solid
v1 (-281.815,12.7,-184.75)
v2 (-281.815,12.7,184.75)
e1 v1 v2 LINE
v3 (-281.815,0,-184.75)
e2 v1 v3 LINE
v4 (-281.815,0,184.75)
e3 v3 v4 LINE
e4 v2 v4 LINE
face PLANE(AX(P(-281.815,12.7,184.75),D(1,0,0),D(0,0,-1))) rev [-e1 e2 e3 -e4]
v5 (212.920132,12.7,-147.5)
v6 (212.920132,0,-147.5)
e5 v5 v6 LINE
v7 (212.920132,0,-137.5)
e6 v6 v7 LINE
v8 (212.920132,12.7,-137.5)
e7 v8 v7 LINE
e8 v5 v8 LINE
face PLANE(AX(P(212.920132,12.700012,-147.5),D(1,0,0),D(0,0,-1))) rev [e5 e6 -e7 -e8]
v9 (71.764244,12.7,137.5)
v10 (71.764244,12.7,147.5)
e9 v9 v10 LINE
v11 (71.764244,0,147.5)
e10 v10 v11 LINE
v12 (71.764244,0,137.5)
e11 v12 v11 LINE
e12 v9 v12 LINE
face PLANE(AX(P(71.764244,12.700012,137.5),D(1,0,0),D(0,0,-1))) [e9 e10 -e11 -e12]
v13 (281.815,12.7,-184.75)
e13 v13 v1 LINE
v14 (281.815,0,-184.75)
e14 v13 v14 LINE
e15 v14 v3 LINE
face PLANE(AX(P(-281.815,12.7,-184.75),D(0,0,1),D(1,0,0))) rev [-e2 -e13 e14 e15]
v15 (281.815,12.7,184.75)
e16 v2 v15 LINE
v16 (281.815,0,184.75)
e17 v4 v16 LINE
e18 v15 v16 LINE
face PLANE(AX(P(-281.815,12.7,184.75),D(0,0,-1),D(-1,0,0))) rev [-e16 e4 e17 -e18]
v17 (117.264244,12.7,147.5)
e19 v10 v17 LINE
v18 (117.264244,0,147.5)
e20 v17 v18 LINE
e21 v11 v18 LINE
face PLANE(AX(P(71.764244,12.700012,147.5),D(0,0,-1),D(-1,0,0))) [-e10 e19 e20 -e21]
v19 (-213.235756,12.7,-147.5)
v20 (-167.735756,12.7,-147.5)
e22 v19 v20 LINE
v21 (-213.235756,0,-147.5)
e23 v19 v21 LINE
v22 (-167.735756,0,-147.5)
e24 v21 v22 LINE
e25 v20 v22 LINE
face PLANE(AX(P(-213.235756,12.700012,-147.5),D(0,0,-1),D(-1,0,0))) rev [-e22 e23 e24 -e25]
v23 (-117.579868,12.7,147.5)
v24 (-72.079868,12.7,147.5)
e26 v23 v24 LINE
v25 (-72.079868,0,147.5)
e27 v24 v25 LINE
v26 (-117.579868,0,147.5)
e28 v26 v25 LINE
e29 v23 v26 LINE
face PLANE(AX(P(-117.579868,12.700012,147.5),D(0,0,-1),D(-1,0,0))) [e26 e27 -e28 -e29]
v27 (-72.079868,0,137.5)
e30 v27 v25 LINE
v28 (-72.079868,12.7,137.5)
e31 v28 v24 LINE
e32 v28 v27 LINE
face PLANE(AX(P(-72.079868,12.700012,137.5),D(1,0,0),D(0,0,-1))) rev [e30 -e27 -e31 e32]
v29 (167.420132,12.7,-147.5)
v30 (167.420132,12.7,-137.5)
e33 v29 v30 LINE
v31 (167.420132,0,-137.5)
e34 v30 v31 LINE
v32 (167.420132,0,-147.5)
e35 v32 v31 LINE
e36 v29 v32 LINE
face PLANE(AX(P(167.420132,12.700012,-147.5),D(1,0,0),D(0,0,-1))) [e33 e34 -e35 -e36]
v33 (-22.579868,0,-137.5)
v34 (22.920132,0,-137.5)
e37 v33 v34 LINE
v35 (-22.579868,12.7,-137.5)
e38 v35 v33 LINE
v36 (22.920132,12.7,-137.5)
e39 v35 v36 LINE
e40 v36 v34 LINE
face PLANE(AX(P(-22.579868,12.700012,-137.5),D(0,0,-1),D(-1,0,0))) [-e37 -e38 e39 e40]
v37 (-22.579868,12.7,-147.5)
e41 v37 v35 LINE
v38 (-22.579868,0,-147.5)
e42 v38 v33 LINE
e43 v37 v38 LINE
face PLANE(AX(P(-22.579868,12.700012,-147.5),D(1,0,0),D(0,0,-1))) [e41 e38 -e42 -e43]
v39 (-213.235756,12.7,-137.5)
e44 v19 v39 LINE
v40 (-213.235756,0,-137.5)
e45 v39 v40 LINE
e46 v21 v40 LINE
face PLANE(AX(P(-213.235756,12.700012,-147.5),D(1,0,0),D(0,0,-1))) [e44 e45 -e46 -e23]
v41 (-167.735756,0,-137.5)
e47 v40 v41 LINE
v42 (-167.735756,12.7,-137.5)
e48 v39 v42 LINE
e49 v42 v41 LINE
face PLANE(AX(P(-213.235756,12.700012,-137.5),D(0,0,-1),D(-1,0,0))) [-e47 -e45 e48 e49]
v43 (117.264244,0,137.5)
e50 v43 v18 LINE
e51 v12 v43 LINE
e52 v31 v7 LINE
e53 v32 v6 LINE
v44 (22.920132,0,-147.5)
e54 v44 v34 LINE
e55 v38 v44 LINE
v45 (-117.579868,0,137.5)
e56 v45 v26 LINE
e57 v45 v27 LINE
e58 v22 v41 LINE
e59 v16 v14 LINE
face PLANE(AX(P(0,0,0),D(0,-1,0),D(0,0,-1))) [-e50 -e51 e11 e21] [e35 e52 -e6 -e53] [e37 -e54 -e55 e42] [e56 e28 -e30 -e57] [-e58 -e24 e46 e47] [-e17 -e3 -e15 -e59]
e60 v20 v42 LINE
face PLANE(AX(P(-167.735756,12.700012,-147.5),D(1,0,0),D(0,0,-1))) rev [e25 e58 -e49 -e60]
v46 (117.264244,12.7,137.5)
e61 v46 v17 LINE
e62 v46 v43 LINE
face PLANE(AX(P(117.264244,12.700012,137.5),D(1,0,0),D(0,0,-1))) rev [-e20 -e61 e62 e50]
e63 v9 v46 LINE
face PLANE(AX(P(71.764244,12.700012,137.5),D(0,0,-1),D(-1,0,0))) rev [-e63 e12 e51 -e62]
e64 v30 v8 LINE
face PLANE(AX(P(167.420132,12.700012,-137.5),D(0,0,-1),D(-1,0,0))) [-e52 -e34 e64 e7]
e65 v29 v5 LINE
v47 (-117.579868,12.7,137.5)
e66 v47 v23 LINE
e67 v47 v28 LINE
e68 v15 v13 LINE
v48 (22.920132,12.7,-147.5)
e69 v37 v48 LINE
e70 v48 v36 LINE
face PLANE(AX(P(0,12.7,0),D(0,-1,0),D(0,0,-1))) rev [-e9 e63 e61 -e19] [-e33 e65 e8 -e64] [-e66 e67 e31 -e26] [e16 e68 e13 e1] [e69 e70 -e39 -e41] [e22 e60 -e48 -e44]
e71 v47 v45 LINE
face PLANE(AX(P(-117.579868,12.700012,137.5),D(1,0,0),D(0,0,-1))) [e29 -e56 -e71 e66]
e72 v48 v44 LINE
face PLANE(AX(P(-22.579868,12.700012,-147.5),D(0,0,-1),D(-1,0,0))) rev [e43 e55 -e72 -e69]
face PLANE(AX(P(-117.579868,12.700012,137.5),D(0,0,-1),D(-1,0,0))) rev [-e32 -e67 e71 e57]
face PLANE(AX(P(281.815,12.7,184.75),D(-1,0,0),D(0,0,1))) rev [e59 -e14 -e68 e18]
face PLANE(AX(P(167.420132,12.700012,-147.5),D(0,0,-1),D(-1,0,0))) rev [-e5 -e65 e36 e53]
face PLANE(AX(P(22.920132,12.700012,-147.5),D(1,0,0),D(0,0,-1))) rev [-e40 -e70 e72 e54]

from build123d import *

# Parameters (mm, degrees)
SKETCH2_W               = 563.63
SKETCH2_H               = 369.5
BOSS_EXTRUDE1_DEPTH     = 12.7
SKETCH3_W               = 45.5
SKETCH3_H               = 10
CUT_EXTRUDE2_DEPTH      = 1
CUT_EXTRUDE2_DEPTH_BACK = 13.7


with BuildPart() as part:
    # Sketch2 → Boss-Extrude1 (new body)
    with BuildSketch(Plane(origin=(0, 0, 0), x_dir=(1, 0, 0), z_dir=(0, 1, 0))):
        Rectangle(SKETCH2_W, SKETCH2_H)
    extrude(amount=BOSS_EXTRUDE1_DEPTH)

    # Sketch3 → Cut-Extrude2 (cut, two sides)
    with BuildSketch(Plane(origin=(0, 12.7, 0), x_dir=(1, 0, 0), z_dir=(0, 1, 0))) as cut_extrude2_sk:
        with Locations((-190.485755703, 142.5)):
            Rectangle(SKETCH3_W, SKETCH3_H)
        with Locations((0.170132064, 142.5)):
            Rectangle(SKETCH3_W, SKETCH3_H)
        with Locations((190.170132064, 142.5)):
            Rectangle(SKETCH3_W, SKETCH3_H)
        with Locations((94.514244297, -142.5)):
            Rectangle(SKETCH3_W, SKETCH3_H)
        with Locations((-94.829867936, -142.5)):
            Rectangle(SKETCH3_W, SKETCH3_H)
    extrude(amount=CUT_EXTRUDE2_DEPTH, mode=Mode.SUBTRACT)
    extrude(cut_extrude2_sk.sketch, amount=-CUT_EXTRUDE2_DEPTH_BACK, mode=Mode.SUBTRACT)


solid = part.part
